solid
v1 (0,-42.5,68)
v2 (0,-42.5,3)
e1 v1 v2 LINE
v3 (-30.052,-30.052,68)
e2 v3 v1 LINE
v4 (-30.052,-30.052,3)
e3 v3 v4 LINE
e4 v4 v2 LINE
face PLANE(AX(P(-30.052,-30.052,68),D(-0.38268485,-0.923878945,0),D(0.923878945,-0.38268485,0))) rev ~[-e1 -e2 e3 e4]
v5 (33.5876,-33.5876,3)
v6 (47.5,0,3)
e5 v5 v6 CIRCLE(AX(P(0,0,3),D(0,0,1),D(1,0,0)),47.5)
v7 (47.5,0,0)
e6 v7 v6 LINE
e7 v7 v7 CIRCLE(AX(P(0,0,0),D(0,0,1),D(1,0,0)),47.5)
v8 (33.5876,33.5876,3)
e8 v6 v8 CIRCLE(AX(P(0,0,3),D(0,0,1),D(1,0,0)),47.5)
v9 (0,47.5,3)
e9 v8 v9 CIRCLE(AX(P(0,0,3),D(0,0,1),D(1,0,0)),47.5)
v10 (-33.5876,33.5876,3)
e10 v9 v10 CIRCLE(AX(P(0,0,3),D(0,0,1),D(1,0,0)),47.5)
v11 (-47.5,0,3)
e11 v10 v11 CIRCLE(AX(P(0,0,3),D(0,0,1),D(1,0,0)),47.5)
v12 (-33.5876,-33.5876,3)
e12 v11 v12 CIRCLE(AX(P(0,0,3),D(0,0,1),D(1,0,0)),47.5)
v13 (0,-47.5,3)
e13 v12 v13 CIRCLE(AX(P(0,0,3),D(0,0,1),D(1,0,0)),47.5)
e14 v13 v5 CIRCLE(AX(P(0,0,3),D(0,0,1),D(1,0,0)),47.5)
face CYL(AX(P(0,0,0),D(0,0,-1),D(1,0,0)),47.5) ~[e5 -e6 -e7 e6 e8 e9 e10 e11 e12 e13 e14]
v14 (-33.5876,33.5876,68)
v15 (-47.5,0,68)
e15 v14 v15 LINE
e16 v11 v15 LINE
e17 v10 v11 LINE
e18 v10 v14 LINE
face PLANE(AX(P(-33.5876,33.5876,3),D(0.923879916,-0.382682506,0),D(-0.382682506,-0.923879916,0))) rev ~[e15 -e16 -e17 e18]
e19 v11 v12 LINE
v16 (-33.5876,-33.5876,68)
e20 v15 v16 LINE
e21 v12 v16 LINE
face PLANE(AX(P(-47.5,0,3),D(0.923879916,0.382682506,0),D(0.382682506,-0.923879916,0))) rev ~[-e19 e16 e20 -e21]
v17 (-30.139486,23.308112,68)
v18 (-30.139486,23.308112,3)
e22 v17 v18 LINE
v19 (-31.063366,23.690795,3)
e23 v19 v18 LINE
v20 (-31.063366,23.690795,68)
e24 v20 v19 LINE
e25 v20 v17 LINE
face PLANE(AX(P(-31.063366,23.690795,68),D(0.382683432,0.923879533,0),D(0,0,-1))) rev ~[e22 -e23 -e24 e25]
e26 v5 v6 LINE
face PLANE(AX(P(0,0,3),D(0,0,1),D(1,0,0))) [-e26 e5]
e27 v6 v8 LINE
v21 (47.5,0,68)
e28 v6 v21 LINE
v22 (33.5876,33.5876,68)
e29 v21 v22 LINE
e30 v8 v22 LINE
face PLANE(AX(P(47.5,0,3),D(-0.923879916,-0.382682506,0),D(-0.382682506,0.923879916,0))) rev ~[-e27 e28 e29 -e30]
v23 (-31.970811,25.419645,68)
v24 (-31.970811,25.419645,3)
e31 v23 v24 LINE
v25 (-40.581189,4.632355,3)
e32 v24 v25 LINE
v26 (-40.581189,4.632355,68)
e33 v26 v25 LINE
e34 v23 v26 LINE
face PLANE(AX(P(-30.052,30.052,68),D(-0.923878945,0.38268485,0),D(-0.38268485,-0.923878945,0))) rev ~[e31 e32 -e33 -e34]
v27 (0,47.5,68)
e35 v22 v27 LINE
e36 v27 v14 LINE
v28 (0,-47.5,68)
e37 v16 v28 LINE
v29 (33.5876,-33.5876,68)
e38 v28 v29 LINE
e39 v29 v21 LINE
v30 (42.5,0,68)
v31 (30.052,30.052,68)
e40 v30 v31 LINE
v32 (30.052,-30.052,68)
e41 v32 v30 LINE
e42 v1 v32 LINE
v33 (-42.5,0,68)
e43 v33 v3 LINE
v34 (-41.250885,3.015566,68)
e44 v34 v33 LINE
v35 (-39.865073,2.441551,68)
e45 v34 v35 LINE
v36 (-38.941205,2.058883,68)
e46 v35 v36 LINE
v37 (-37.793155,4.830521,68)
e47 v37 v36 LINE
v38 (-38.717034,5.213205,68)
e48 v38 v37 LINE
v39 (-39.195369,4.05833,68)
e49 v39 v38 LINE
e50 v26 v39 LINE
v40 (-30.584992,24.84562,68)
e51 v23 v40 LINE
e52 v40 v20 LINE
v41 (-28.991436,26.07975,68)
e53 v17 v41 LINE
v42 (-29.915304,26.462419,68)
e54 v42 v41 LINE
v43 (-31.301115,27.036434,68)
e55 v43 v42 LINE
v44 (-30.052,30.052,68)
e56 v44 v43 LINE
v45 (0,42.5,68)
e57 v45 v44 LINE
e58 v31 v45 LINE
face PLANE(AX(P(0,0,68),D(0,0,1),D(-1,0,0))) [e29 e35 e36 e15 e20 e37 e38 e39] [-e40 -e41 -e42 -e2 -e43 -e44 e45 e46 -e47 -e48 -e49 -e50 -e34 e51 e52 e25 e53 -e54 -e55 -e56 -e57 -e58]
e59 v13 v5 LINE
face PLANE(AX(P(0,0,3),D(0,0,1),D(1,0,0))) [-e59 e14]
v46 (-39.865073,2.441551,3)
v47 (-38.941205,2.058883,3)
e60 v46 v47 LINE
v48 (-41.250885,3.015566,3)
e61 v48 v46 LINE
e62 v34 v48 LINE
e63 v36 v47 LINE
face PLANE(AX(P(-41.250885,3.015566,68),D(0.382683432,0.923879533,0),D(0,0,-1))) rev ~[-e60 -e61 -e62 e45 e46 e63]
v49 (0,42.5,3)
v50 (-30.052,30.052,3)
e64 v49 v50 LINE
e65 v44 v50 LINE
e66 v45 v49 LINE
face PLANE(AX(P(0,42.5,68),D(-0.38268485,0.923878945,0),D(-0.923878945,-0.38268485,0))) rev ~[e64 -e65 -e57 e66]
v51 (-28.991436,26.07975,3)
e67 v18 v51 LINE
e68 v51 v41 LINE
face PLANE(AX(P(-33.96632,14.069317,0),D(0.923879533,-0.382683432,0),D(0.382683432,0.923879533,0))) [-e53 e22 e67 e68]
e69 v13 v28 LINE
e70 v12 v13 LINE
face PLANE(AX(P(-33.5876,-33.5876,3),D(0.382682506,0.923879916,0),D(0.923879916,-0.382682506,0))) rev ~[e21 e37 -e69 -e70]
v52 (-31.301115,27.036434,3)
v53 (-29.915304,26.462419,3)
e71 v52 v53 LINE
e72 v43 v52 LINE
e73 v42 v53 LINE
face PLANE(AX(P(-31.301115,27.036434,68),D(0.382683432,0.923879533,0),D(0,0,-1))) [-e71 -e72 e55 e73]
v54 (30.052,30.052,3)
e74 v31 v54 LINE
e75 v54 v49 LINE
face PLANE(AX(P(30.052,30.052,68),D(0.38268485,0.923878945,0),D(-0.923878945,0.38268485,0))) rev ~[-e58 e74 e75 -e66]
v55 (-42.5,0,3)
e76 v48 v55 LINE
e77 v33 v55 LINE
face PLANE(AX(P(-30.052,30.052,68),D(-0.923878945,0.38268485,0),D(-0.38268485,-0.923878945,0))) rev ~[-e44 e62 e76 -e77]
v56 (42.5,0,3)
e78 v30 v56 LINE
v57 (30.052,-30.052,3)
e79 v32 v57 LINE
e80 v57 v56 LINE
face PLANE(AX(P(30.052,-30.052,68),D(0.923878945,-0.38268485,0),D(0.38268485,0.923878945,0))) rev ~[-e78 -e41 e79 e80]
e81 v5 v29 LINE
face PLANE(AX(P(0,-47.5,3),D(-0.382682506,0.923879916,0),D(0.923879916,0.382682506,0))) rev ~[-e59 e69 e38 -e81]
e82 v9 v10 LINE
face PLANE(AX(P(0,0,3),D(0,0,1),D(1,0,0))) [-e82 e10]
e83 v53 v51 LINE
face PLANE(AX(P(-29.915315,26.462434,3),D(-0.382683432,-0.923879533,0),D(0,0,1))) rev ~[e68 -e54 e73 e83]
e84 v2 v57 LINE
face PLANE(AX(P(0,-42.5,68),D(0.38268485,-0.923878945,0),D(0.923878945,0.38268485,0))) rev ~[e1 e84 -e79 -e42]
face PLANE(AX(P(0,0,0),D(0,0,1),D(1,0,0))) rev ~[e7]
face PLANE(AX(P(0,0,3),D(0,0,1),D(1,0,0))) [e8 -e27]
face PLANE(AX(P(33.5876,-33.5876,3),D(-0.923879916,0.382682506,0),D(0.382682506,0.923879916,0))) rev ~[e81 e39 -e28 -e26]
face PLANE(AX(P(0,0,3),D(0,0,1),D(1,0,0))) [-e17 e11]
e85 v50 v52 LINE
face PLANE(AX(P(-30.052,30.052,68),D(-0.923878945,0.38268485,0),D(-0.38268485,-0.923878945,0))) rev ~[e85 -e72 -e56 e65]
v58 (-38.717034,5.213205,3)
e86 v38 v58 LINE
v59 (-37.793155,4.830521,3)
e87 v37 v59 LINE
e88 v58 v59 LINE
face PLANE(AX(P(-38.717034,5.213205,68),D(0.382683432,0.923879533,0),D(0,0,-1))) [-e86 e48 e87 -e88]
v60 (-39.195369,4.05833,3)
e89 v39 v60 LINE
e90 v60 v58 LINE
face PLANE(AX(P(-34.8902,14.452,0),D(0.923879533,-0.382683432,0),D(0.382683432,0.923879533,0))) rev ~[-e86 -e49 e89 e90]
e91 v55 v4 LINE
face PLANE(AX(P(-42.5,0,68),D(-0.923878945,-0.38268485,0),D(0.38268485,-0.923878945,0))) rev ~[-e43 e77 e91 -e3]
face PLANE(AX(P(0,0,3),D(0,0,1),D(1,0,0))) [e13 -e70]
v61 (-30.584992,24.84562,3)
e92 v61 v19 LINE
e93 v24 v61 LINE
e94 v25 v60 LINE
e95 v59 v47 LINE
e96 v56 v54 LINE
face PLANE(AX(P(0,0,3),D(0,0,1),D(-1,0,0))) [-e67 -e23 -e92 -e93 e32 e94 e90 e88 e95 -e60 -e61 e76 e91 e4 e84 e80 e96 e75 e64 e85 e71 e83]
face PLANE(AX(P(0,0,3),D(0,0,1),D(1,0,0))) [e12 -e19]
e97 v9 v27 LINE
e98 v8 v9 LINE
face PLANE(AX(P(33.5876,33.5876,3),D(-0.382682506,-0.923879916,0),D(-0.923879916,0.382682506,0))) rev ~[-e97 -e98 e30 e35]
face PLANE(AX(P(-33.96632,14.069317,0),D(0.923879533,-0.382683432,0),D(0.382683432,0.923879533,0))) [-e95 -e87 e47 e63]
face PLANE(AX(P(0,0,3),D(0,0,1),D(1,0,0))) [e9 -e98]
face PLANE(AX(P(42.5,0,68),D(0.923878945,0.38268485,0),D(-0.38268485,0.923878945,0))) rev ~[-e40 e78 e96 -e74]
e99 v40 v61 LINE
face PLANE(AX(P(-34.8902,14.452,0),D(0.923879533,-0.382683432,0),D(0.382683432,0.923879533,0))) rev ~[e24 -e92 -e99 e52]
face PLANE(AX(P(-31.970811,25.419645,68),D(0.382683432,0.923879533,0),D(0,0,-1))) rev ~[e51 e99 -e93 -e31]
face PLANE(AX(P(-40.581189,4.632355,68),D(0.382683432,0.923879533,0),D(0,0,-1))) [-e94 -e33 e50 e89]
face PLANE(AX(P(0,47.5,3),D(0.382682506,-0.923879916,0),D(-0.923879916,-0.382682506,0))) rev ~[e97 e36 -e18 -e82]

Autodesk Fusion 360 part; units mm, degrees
sketch "Sketch1" plane through (0, 0, 0) normal (0, 0, 1) x (1, 0, 0)
  circle A0 centre (0, 0) radius 47.5
  dimension "d1" = 95
extrude "Extrude1" add sketch "Sketch1" along normal blind 3
sketch "Sketch4" plane through (0, 0, 3) normal (0, 0, 1) x (-1, 0, 0)
  circle A0 centre (0, 0) radius 47.5
  line L0 (-47.5, 0) -> (-33.5876, -33.5876)
  line L1 (-33.5876, -33.5876) -> (0, -47.5)
  line L2 (0, -47.5) -> (33.5876, -33.5876)
  line L3 (33.5876, -33.5876) -> (47.5, 0)
  line L4 (47.5, 0) -> (33.5876, 33.5876)
  line L5 (33.5876, 33.5876) -> (0, 47.5)
  line L6 (0, 47.5) -> (-33.5876, 33.5876)
  line L7 (-33.5876, 33.5876) -> (-47.5, 0)
  dimension "d5" = 47.5
extrude "Extrude2" add sketch "Sketch4" along normal blind 65 contours L0 L1 L2 L3 L4 L5 L6 L7
sketch "Sketch5" plane through (0, 0, 68) normal (0, 0, 1) x (-1, 0, 0)
  line L0 (-33.5876, 33.5876) -> (-47.5, 0)
  line L1 (-47.5, 0) -> (-33.5876, -33.5876)
  line L2 (-33.5876, -33.5876) -> (0, -47.5)
  line L3 (0, -47.5) -> (33.5876, -33.5876)
  line L4 (33.5876, -33.5876) -> (47.5, 0)
  line L5 (47.5, 0) -> (33.5876, 33.5876)
  line L6 (33.5876, 33.5876) -> (0, 47.5)
  line L7 (0, 47.5) -> (-33.5876, 33.5876)
  line L8 (42.5, 0) -> (30.052, 30.052)
  line L9 (30.052, 30.052) -> (0, 42.5)
  line L10 (0, 42.5) -> (-30.052, 30.052)
  line L11 (-30.052, 30.052) -> (-42.5, 0)
  line L12 (-42.5, 0) -> (-30.052, -30.052)
  line L13 (-30.052, -30.052) -> (0, -42.5)
  line L14 (0, -42.5) -> (30.052, -30.052)
  line L15 (30.052, -30.052) -> (42.5, 0)
  dimension "d8" = 42.5
extrude "Extrude3" cut sketch "Sketch5" against normal blind 65 contours L8 L9 L10 L11 L12 L13 L14 L15
sketch "Sketch6" plane through (-36.276, 15.026, 0) normal (0.9239, -0.3827, 0) x (0.3827, 0.9239, 0)
  line L0 (16.264, 68) -> (-16.264, 68)
  line L1 (-16.264, 68) -> (-16.264, 3)
  line L2 (-16.264, 3) -> (16.264, 3)
  line L3 (16.264, 3) -> (16.264, 68)
  line L4 (-16.264, 68) -> (16.264, 68)
  line L5 (0, 68) -> (-11, 68)
  line L6 (0, 68) -> (11, 68)
  line L7 (11, 68) -> (13, 68)
  line L8 (13, 68) -> (13, 3)
  line L9 (13, 3) -> (11, 3)
  line L10 (-11, 68) -> (-13, 68)
  line L11 (-13, 68) -> (-13, 3)
  line L12 (-13, 3) -> (-11, 3)
  line L13 (-13, 68) -> (-11.25, 68)
  line L14 (-11.25, 68) -> (-11.25, 3)
  line L15 (-11.25, 3) -> (-13, 3)
  line L16 (-13, 3) -> (-13, 68)
  line L17 (13, 68) -> (11.25, 68)
  line L18 (11.25, 68) -> (11.25, 3)
  line L19 (11.25, 3) -> (13, 3)
  line L20 (13, 3) -> (13, 68)
  dimension "d11" = 11
  dimension "d12" = 11
  dimension "d13" = 2
  dimension "d14" = 65
  dimension "d25" = 1.75
  dimension "d26" = 65
  dimension "d27" = 1.75
  dimension "d28" = 65
extrude "Extrude4" add sketch "Sketch6" along normal blind 1.5 contours L0 L2 L4 L7 L8 L9 L17 L18 L19 L20 | L0 L2 L4 L10 L11 L12 L13 L14 L15 L16
sketch "Sketch7" plane through (-34.8902, 14.452, 0) normal (0.9239, -0.3827, 0) x (0.3827, 0.9239, 0)
  line L0 (-11.25, 68) -> (-13, 68)
  line L1 (-13, 68) -> (-13, 3)
  line L2 (-13, 3) -> (-11.25, 3)
  line L3 (-13, 68) -> (-10, 68)
  line L4 (-10, 68) -> (-10, 3)
  line L5 (-10, 3) -> (-13, 3)
  line L6 (-13, 3) -> (-13, 68)
  line L7 (-11.25, 3) -> (-11.25, 68)
  dimension "d17" = 3
  dimension "d18" = 65
extrude "Extrude5" add sketch "Sketch7" along normal blind 1
sketch "Sketch8" plane through (-34.8902, 14.452, 0) normal (0.9239, -0.3827, 0) x (0.3827, 0.9239, 0)
  line L0 (11.25, 3) -> (13, 3)
  line L1 (13, 68) -> (11.25, 68)
  line L2 (13, 68) -> (10, 68)
  line L3 (10, 68) -> (10, 3)
  line L4 (10, 3) -> (13, 3)
  line L5 (13, 3) -> (13, 68)
  line L6 (13, 3) -> (13, 68)
  line L7 (11.25, 68) -> (11.25, 3)
  dimension "d21" = 3
  dimension "d22" = 65
extrude "Extrude6" add sketch "Sketch8" along normal blind 1
